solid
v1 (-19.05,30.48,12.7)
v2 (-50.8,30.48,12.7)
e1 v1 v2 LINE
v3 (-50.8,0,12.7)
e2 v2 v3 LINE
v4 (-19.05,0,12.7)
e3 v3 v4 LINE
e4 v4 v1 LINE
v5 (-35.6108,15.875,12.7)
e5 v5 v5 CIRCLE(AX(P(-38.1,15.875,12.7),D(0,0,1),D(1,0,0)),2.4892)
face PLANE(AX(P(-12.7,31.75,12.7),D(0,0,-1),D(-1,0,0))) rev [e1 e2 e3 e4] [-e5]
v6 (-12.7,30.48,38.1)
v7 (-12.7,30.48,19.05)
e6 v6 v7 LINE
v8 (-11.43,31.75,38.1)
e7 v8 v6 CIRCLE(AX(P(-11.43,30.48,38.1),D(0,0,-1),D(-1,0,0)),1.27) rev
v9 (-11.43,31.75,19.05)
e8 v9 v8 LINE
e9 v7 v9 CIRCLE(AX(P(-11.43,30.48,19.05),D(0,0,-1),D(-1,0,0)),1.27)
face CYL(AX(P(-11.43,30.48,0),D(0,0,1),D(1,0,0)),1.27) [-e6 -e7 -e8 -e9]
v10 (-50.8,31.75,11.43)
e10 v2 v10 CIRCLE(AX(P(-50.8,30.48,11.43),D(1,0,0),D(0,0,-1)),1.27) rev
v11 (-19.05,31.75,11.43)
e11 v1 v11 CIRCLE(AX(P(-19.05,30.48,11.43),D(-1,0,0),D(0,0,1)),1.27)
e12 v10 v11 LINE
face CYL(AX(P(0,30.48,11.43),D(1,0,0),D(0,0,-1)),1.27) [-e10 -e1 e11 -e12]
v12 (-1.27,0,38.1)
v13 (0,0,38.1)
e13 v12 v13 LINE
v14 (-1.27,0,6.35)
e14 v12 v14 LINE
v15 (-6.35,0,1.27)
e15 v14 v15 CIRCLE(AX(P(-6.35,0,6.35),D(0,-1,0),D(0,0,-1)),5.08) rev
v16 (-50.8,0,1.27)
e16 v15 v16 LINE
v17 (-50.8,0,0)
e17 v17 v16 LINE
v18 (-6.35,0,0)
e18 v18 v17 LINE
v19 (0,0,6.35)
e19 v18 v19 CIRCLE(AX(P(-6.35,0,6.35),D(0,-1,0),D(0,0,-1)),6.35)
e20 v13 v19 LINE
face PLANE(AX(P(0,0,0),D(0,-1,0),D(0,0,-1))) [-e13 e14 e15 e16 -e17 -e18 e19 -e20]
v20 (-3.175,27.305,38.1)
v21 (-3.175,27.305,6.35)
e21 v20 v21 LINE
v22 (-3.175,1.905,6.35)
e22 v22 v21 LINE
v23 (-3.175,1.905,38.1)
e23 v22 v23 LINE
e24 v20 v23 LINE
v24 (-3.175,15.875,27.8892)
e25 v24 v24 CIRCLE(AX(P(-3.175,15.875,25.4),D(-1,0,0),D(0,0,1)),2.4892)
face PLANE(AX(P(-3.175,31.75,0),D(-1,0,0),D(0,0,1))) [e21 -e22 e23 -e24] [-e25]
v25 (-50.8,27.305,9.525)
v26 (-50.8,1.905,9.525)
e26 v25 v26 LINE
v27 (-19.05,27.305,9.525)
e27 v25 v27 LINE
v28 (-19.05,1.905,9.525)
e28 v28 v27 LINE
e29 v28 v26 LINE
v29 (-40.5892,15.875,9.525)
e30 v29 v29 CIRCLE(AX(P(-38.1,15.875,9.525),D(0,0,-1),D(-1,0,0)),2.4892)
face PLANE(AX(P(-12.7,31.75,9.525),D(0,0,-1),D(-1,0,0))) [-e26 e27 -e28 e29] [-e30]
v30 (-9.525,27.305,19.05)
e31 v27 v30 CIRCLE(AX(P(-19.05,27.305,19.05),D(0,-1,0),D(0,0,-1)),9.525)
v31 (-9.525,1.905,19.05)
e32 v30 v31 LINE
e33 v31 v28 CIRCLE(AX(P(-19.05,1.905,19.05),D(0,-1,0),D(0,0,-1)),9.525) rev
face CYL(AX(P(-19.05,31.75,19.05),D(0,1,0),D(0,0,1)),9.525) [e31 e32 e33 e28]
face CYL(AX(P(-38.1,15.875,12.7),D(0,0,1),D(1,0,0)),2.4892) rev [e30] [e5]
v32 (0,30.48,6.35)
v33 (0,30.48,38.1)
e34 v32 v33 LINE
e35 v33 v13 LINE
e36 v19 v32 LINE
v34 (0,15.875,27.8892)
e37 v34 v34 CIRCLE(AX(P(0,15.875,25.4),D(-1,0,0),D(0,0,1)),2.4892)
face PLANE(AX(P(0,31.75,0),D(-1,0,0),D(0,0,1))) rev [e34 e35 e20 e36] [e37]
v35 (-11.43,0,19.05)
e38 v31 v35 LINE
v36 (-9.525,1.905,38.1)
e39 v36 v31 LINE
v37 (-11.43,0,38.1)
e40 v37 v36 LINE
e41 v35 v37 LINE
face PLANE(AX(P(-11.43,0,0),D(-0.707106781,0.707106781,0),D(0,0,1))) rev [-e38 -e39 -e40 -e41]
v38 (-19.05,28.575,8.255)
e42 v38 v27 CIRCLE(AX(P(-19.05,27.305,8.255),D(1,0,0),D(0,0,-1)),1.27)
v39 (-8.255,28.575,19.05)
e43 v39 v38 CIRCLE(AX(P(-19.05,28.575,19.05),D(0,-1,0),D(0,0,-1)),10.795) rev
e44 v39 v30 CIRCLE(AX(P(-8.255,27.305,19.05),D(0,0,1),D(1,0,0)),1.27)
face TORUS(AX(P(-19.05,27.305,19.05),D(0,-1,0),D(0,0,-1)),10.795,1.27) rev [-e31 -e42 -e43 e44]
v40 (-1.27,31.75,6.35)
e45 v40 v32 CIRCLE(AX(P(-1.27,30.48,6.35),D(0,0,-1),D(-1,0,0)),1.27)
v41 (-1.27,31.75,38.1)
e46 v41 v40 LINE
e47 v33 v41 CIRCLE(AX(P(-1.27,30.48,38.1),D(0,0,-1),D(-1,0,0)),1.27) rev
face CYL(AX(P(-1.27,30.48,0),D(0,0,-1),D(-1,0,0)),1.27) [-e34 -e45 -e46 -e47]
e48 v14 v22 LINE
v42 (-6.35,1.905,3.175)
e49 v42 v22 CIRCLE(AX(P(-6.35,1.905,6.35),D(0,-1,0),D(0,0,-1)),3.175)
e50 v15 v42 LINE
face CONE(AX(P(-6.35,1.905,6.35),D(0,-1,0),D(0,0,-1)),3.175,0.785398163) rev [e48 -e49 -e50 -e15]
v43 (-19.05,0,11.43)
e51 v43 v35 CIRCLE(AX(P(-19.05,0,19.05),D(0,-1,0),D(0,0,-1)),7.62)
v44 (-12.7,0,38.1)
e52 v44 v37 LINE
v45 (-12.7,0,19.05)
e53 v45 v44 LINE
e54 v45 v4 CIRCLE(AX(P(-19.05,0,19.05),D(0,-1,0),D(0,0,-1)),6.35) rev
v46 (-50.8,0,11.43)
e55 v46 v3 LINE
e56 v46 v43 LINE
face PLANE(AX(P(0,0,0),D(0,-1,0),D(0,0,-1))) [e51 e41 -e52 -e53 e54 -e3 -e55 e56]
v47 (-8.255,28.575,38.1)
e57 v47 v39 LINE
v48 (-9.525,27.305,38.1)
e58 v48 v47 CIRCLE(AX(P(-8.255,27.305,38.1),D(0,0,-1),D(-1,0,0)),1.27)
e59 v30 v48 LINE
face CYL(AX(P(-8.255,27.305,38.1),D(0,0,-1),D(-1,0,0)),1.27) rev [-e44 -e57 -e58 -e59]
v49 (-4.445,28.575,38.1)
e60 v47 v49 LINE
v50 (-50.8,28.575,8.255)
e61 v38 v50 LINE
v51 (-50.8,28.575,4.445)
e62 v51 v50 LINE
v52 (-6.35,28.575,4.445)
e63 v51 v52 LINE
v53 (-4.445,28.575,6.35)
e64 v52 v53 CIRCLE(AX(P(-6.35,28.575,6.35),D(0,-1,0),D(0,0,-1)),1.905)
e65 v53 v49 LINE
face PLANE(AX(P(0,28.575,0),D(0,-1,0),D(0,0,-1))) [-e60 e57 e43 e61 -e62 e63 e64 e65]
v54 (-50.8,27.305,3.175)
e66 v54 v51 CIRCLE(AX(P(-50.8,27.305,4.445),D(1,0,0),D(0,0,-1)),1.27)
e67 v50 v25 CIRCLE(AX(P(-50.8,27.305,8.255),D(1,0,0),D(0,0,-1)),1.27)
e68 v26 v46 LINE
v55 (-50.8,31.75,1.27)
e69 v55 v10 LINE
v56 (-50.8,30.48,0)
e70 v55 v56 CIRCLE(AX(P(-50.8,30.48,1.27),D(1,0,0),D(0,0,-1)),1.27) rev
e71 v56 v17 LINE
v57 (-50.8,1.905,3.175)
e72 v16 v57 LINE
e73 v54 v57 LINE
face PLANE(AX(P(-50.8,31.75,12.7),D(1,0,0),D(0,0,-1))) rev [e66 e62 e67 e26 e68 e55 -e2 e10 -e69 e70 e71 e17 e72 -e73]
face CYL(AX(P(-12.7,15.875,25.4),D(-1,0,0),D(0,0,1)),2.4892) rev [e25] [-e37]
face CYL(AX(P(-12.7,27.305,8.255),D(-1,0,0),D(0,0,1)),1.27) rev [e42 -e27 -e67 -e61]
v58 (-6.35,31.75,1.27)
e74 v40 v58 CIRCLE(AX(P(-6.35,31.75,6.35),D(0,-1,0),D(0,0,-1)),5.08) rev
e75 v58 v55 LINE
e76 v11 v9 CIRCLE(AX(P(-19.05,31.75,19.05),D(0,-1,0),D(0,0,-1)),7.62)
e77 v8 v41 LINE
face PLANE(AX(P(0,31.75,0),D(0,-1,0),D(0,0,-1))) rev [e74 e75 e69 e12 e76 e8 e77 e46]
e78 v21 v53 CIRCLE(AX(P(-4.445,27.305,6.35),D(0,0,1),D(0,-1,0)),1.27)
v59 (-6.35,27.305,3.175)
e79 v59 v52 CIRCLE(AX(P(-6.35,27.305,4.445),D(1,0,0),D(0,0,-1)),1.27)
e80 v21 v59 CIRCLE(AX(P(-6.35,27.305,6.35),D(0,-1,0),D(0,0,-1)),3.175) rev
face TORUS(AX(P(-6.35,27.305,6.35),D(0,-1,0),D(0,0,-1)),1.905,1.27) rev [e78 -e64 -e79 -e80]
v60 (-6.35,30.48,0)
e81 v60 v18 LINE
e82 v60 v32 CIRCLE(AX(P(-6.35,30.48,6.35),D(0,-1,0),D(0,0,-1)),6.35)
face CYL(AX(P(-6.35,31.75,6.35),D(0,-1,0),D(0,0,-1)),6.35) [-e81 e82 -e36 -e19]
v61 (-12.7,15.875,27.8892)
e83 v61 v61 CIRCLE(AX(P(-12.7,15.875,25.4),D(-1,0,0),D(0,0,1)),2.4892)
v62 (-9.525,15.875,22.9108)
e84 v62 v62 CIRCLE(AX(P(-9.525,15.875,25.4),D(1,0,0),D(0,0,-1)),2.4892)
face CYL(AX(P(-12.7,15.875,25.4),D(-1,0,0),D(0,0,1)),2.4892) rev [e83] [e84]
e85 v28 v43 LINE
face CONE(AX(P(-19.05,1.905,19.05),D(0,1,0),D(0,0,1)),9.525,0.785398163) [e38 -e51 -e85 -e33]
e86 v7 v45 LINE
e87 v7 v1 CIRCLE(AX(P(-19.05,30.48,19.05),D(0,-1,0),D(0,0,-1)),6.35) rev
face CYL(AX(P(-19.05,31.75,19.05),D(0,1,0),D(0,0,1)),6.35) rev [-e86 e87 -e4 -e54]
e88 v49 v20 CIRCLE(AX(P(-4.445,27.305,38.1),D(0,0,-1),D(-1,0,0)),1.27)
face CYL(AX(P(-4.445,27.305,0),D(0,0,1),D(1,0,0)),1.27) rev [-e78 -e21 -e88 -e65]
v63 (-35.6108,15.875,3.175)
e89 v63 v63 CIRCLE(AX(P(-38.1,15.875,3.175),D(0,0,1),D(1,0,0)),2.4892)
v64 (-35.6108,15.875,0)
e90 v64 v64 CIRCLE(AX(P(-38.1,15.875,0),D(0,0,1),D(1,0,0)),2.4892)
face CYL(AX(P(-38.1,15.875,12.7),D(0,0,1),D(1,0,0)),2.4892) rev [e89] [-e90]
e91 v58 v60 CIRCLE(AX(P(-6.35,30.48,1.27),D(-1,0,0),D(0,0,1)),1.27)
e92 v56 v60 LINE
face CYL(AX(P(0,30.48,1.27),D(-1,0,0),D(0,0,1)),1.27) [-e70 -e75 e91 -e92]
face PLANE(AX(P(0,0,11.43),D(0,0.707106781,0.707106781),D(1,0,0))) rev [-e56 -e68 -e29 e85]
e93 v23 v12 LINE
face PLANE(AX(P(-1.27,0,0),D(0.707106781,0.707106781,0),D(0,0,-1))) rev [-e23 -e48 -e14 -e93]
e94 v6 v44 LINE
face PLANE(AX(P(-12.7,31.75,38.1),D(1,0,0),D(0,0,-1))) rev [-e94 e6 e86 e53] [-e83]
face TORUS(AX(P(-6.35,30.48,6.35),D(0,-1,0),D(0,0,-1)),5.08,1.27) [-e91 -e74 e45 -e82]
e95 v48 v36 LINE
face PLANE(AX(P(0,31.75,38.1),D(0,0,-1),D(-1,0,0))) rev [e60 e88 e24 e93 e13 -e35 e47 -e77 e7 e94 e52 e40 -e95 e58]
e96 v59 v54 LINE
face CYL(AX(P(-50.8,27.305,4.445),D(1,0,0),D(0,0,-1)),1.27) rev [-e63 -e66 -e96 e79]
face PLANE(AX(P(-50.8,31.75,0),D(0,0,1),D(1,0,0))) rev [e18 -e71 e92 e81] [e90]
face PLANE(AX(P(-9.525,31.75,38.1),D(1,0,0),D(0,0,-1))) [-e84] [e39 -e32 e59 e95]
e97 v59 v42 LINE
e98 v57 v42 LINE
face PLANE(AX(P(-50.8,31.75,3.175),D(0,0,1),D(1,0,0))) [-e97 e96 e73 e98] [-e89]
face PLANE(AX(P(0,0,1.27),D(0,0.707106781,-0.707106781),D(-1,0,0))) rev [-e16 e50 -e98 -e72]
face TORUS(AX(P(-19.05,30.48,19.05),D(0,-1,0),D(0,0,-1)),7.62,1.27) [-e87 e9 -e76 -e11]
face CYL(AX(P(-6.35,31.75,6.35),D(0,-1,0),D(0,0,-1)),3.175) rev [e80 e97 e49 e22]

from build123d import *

# Parameters (mm, degrees)
BOSS_EXTRUDE1_DEPTH        = 31.75
FILLET1_R                  = 6.35
SHELL1_T                   = -3.175
F_9_0_196_DIAMETER_HOLE1_D = 4.9784
F_9_0_196_DIAMETER_HOLE2_D = 4.9784
CHAMFER1_SIZE              = 1.905
FILLET2_R                  = 1.27


with BuildPart() as part:
    # Sketch1 → Boss-Extrude1 (new body)
    with BuildSketch(Plane(origin=(0, 0, 0), x_dir=(1, 0, 0), z_dir=(0, 1, 0))):
        Polygon((0, 0), (0, -38.1), (-12.7, -38.1), (-12.7, -12.7), (-50.8, -12.7), (-50.8, 0), align=None)
    extrude(amount=BOSS_EXTRUDE1_DEPTH)

    # Fillet1
    fillet1_edges = [part.edges().sort_by_distance(p)[0] for p in [
        (0, 15.875, 0),
        (-12.7, 15.875, 12.7),
    ]]
    fillet(fillet1_edges, radius=FILLET1_R)

    # Shell1
    shell1_openings = [part.faces().sort_by_distance(p)[0] for p in [
        (-6.35, 15.875, 38.1),
        (-50.8, 15.875, 6.35),
        (-18.721217985, 0, 15.546217985),
    ]]
    offset(amount=SHELL1_T, openings=shell1_openings, kind=Kind.INTERSECTION)

    # #9 (0.196) Diameter Hole1 (through all)
    with Locations(Plane.ZY.offset(12.7)):
        with Locations((25.4, 15.875)):
            Hole(F_9_0_196_DIAMETER_HOLE1_D / 2)

    # #9 (0.196) Diameter Hole2 (through all)
    with Locations(Plane.XY.offset(12.7)):
        with Locations((-38.1, 15.875)):
            Hole(F_9_0_196_DIAMETER_HOLE2_D / 2)

    # Chamfer1
    chamfer1_edges = [part.edges().sort_by_distance(p)[0] for p in [
        (-28.575, 0, 3.175),
        (-34.925, 0, 9.525),
        (-9.525, 0, 28.575),
        (-3.175, 0, 22.225),
        (-4.10493597, 0, 4.10493597),
        (-12.314807909, 0, 12.314807909),
    ]]
    chamfer(chamfer1_edges, length=CHAMFER1_SIZE)

    # Fillet2
    fillet2_edges = [part.edges().sort_by_distance(p)[0] for p in [
        (-34.925, 31.75, 12.7),
        (-28.575, 31.75, 0),
        (-12.7, 31.75, 28.575),
        (-1.859871939, 31.75, 1.859871939),
        (0, 31.75, 22.225),
        (-14.559871939, 31.75, 14.559871939),
        (-3.175, 28.575, 22.225),
        (-4.10493597, 28.575, 4.10493597),
        (-28.575, 28.575, 3.175),
        (-34.925, 28.575, 9.525),
        (-12.314807909, 28.575, 12.314807909),
        (-9.525, 28.575, 28.575),
    ]]
    fillet(fillet2_edges, radius=FILLET2_R)


solid = part.part
